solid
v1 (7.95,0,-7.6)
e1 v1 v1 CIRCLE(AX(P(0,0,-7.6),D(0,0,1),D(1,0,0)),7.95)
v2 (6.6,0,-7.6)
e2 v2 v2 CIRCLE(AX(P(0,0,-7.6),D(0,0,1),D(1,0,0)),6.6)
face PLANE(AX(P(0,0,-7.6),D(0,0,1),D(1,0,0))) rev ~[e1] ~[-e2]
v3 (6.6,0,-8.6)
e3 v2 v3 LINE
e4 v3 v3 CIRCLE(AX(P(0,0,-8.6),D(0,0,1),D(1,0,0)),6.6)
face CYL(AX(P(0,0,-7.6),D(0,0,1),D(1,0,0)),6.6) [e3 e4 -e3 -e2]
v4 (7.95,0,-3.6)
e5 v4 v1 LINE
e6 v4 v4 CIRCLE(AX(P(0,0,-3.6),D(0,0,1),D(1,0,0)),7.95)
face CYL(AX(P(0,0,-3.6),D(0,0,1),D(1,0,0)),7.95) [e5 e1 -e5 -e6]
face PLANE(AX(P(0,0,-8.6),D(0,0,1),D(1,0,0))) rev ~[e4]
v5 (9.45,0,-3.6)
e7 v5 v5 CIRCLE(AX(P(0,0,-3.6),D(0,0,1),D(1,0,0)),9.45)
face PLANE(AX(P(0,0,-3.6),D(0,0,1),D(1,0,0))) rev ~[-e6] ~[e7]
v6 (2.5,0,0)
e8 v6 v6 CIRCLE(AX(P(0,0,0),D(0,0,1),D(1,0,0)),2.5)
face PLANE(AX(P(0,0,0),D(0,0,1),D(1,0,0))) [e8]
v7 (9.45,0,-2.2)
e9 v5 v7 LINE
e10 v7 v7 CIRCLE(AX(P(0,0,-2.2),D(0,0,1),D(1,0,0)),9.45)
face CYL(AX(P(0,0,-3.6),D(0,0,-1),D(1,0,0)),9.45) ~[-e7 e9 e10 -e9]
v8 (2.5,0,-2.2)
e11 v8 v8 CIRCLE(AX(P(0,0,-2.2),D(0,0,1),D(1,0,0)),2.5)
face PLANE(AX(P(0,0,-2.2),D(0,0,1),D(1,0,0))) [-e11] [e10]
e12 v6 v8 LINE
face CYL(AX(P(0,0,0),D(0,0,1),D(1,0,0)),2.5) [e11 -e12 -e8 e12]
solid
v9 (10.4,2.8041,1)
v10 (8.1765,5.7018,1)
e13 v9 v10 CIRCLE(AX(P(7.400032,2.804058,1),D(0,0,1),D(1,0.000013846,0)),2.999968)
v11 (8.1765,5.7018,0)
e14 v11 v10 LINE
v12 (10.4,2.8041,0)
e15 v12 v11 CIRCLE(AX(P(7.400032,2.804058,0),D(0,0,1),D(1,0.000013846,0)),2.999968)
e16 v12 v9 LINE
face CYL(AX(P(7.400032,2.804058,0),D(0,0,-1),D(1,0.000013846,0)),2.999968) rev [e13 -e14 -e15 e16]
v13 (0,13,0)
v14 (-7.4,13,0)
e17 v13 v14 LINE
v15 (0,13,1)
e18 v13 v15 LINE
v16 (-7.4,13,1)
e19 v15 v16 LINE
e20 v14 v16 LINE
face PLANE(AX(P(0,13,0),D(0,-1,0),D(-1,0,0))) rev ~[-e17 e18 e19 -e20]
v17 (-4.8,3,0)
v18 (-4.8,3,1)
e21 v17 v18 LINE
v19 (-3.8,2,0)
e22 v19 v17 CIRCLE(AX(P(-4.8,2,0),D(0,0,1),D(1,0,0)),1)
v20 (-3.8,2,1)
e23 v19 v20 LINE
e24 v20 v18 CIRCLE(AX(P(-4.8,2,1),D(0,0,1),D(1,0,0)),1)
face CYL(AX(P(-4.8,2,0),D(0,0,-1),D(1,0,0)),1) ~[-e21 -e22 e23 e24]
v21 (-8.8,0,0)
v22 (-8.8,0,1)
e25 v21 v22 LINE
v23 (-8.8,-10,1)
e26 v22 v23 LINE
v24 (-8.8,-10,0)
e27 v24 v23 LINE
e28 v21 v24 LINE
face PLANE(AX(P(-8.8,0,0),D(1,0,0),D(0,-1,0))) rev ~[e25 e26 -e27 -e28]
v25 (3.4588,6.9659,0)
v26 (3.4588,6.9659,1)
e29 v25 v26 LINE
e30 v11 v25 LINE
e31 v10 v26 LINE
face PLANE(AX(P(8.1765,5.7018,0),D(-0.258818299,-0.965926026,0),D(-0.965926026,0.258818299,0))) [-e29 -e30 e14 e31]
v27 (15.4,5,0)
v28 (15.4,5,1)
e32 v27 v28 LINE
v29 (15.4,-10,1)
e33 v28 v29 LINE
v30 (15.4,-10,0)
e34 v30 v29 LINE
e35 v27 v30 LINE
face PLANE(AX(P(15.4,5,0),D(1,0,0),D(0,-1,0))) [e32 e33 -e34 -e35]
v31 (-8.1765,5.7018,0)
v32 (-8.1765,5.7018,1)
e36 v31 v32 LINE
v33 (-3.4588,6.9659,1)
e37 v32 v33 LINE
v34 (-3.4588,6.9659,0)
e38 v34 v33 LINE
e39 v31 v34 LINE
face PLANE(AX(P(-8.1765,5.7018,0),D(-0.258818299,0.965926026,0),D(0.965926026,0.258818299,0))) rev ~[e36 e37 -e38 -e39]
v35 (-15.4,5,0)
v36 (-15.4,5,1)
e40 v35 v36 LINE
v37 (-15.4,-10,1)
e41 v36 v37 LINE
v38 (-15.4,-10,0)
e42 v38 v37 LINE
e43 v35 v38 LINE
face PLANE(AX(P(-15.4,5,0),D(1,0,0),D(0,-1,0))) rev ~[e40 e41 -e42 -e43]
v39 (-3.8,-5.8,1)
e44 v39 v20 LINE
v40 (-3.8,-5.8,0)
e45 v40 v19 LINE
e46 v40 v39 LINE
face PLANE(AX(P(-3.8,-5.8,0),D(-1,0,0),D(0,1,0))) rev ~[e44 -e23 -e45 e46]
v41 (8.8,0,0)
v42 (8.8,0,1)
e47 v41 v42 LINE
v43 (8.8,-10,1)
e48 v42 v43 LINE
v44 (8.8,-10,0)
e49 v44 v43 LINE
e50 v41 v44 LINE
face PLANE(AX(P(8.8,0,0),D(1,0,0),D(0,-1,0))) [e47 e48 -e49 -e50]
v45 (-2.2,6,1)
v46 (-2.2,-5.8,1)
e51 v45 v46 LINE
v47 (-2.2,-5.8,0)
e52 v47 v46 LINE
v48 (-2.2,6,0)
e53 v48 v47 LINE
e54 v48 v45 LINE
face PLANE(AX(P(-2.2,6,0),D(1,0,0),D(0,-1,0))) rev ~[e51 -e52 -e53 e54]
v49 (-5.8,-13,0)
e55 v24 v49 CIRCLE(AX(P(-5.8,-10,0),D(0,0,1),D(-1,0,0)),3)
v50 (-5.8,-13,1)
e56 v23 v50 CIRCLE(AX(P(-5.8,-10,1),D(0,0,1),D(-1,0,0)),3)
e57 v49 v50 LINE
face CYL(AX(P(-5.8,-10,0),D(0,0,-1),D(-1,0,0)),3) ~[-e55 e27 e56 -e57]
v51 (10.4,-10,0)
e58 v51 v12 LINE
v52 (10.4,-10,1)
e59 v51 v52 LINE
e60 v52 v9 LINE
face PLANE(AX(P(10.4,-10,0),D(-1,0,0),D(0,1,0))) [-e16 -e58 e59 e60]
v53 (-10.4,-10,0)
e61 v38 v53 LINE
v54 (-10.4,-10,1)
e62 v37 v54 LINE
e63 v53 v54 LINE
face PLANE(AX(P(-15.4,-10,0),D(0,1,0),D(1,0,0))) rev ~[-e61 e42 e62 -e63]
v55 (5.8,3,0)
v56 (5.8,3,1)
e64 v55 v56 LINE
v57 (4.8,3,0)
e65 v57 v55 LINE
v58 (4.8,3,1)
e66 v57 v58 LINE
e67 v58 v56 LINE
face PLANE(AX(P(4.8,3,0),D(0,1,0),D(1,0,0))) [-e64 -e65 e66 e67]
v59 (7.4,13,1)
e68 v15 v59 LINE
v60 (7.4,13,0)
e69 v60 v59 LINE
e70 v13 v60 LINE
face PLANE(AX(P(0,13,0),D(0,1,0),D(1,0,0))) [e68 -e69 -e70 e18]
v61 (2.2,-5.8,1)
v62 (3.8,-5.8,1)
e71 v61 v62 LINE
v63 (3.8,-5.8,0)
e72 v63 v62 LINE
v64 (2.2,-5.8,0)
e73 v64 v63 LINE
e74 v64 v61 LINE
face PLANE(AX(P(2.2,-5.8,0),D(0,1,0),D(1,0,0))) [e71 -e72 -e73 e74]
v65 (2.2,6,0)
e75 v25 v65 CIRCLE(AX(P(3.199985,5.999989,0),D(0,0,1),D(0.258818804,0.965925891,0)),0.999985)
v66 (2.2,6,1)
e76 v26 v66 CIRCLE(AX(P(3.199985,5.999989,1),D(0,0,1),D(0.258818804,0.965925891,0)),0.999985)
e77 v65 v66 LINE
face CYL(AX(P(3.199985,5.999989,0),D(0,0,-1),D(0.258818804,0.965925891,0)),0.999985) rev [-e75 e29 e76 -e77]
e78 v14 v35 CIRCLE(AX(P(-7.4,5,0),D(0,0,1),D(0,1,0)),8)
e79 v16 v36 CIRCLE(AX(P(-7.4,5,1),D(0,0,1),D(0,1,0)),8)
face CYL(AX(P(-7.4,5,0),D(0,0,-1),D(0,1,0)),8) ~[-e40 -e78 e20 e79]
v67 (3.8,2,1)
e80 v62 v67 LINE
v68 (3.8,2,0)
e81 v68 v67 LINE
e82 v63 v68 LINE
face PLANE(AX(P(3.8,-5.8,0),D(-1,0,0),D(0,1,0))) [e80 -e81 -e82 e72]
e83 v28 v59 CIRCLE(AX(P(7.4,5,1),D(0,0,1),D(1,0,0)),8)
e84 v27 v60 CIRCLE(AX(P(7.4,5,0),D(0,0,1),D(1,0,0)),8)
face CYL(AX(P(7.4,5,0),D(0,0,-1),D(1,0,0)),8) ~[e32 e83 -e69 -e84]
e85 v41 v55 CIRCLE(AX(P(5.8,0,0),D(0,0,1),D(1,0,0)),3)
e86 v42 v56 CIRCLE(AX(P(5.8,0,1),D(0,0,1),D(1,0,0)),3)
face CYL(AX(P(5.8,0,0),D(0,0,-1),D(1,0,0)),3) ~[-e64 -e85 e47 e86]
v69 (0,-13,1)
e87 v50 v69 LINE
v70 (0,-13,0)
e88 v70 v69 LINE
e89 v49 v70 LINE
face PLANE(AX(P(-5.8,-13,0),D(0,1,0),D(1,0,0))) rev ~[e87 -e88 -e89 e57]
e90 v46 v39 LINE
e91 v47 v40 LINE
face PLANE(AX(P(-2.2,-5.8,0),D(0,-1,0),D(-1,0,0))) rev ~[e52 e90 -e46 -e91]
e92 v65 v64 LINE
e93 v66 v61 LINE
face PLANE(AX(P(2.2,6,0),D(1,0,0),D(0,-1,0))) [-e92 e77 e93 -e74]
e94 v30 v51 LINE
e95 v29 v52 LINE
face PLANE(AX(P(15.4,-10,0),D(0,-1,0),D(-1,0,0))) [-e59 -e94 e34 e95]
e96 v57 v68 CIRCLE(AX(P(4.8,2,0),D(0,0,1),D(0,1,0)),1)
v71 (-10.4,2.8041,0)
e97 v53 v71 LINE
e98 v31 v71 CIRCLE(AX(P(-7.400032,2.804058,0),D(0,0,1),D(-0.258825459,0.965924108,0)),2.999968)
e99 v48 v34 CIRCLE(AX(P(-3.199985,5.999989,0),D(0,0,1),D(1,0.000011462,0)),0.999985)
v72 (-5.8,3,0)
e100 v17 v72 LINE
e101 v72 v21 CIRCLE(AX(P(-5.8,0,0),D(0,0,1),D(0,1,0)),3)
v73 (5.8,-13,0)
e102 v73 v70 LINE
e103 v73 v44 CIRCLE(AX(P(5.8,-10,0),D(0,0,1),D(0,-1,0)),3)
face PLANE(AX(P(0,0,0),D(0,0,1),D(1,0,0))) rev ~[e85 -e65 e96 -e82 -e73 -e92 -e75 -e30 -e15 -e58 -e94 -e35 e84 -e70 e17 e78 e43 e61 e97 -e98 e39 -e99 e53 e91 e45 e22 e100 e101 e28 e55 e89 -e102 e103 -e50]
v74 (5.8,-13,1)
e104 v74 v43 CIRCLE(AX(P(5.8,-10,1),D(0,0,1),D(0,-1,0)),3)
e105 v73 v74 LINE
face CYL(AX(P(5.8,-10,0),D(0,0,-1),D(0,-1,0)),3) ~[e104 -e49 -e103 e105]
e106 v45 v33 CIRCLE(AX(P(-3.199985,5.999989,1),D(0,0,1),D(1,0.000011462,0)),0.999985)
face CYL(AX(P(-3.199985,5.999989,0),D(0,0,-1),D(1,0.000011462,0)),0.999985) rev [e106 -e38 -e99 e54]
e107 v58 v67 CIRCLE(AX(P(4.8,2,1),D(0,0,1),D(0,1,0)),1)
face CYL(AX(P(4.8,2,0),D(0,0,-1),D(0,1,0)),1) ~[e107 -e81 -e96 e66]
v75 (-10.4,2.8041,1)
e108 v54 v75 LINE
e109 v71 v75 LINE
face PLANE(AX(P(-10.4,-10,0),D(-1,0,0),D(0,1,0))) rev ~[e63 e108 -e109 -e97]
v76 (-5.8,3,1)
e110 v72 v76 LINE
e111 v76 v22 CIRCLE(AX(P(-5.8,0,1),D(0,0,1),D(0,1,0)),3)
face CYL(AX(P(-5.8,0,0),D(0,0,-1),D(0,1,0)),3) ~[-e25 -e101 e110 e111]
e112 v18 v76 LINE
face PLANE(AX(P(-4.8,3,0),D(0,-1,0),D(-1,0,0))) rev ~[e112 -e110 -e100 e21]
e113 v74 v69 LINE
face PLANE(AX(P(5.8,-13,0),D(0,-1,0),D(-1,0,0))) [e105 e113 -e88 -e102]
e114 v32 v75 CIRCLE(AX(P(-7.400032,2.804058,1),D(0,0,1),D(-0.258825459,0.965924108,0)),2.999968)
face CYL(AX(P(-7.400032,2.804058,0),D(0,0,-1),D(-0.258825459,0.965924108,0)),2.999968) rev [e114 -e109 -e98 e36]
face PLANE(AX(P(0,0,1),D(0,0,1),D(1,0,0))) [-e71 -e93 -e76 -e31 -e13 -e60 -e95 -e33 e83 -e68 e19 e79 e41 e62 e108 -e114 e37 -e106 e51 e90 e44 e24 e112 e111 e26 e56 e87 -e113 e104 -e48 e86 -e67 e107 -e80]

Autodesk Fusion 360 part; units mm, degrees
sketch "Cell" plane through (0, 0, 0) normal (0, 0, 1) x (1, 0, 0)
  line L0 (0, 13) -> (7.4, 13)
  line L1 (15.4, 5) -> (15.4, -10)
  arc A0 (15.4, 5) -> (7.4, 13) centre (7.4, 5) ccw
  line L2 (15.4, -10) -> (10.4, -10)
  line L3 (10.4, -10) -> (10.4, 2.8041)
  line L4 (8.1765, 5.7018) -> (3.4588, 6.9659)
  line L5 (2.2, 6) -> (2.2, -5.8)
  line L6 (2.2, -5.8) -> (3.8, -5.8)
  line L7 (3.8, -5.8) -> (3.8, 2)
  line L8 (4.8, 3) -> (5.8, 3)
  line L9 (8.8, 0) -> (8.8, -10)
  line L10 (5.8, -13) -> (0, -13)
  line L11 (0, -25.6474) -> (0, 25.6474) construction
  arc A1 (10.4, 2.8041) -> (8.1765, 5.7018) centre (7.4, 2.8041) ccw
  arc A2 (5.8, -13) -> (8.8, -10) centre (5.8, -10) ccw
  arc A3 (8.8, 0) -> (5.8, 3) centre (5.8, 0) ccw
  arc A4 (4.8, 3) -> (3.8, 2) centre (4.8, 2) ccw
  arc A5 (3.4588, 6.9659) -> (2.2, 6) centre (3.2, 6) ccw
  line L12 (-5.8, -13) -> (0, -13)
  arc A6 (-8.8, -10) -> (-5.8, -13) centre (-5.8, -10) ccw
  line L13 (-8.8, 0) -> (-8.8, -10)
  arc A7 (-5.8, 3) -> (-8.8, 0) centre (-5.8, 0) ccw
  line L14 (-4.8, 3) -> (-5.8, 3)
  arc A8 (-3.8, 2) -> (-4.8, 3) centre (-4.8, 2) ccw
  line L15 (-3.8, -5.8) -> (-3.8, 2)
  line L16 (-2.2, -5.8) -> (-3.8, -5.8)
  line L17 (-2.2, 6) -> (-2.2, -5.8)
  arc A9 (-2.2, 6) -> (-3.4588, 6.9659) centre (-3.2, 6) ccw
  line L18 (-8.1765, 5.7018) -> (-3.4588, 6.9659)
  arc A10 (-8.1765, 5.7018) -> (-10.4, 2.8041) centre (-7.4, 2.8041) ccw
  line L19 (-10.4, -10) -> (-10.4, 2.8041)
  line L20 (-15.4, -10) -> (-10.4, -10)
  line L21 (-15.4, 5) -> (-15.4, -10)
  arc A11 (-7.4, 13) -> (-15.4, 5) centre (-7.4, 5) ccw
  line L22 (0, 13) -> (-7.4, 13)
  dimension "d3" = 8
  dimension "d4" = 5
  dimension "d7" = 26
  dimension "d8" = 16
  dimension "d9" = 1.6
  dimension "d10" = 1.6
  dimension "d12" = 7.2
  dimension "d13" = 23
  dimension "d14" = 3
  dimension "d15" = 3
  dimension "d16" = 3
  dimension "d17" = 1
  dimension "d18" = 1
  dimension "d19" = 7
  dimension "d20" = 13
  dimension "d21" = 75
  dimension "d22" = 2.2
  dimension "d23" = 5
extrude "Extrude1" add sketch "Cell" along normal blind 1 makes body 1
sketch "Foot" plane through (0, 0, 0) normal (0, 0, 1) x (1, 0, 0)
  circle A0 centre (0, 0) radius 7.95
  circle A1 centre (0, 0) radius 9.45
  circle A2 centre (0, 0) radius 6.6
  circle A3 centre (0, 0) radius 2.5
  dimension "d26" = 15.9
  dimension "d27" = 18.9
  dimension "d28" = 13.2
  dimension "d29" = 5
extrude "Extrude2" add sketch "Foot" against normal blind 3.6 separate body contours A3 makes body 2
extrude "Extrude3" add sketch "Foot" along normal blind 1.4 from surface at -3.6 contours A0 | A1 | A2 bodies 2
extrude "Extrude4" add sketch "Foot" against normal blind 4 from surface at -3.6 contours A0 | A2 | A3 bodies 2
extrude "Extrude5" add sketch "Foot" against normal blind 1 from surface at -7.6 contours A2 | A3 bodies 2
equation "d22 = ( 4.4 / 2 ) * 1 mm"
